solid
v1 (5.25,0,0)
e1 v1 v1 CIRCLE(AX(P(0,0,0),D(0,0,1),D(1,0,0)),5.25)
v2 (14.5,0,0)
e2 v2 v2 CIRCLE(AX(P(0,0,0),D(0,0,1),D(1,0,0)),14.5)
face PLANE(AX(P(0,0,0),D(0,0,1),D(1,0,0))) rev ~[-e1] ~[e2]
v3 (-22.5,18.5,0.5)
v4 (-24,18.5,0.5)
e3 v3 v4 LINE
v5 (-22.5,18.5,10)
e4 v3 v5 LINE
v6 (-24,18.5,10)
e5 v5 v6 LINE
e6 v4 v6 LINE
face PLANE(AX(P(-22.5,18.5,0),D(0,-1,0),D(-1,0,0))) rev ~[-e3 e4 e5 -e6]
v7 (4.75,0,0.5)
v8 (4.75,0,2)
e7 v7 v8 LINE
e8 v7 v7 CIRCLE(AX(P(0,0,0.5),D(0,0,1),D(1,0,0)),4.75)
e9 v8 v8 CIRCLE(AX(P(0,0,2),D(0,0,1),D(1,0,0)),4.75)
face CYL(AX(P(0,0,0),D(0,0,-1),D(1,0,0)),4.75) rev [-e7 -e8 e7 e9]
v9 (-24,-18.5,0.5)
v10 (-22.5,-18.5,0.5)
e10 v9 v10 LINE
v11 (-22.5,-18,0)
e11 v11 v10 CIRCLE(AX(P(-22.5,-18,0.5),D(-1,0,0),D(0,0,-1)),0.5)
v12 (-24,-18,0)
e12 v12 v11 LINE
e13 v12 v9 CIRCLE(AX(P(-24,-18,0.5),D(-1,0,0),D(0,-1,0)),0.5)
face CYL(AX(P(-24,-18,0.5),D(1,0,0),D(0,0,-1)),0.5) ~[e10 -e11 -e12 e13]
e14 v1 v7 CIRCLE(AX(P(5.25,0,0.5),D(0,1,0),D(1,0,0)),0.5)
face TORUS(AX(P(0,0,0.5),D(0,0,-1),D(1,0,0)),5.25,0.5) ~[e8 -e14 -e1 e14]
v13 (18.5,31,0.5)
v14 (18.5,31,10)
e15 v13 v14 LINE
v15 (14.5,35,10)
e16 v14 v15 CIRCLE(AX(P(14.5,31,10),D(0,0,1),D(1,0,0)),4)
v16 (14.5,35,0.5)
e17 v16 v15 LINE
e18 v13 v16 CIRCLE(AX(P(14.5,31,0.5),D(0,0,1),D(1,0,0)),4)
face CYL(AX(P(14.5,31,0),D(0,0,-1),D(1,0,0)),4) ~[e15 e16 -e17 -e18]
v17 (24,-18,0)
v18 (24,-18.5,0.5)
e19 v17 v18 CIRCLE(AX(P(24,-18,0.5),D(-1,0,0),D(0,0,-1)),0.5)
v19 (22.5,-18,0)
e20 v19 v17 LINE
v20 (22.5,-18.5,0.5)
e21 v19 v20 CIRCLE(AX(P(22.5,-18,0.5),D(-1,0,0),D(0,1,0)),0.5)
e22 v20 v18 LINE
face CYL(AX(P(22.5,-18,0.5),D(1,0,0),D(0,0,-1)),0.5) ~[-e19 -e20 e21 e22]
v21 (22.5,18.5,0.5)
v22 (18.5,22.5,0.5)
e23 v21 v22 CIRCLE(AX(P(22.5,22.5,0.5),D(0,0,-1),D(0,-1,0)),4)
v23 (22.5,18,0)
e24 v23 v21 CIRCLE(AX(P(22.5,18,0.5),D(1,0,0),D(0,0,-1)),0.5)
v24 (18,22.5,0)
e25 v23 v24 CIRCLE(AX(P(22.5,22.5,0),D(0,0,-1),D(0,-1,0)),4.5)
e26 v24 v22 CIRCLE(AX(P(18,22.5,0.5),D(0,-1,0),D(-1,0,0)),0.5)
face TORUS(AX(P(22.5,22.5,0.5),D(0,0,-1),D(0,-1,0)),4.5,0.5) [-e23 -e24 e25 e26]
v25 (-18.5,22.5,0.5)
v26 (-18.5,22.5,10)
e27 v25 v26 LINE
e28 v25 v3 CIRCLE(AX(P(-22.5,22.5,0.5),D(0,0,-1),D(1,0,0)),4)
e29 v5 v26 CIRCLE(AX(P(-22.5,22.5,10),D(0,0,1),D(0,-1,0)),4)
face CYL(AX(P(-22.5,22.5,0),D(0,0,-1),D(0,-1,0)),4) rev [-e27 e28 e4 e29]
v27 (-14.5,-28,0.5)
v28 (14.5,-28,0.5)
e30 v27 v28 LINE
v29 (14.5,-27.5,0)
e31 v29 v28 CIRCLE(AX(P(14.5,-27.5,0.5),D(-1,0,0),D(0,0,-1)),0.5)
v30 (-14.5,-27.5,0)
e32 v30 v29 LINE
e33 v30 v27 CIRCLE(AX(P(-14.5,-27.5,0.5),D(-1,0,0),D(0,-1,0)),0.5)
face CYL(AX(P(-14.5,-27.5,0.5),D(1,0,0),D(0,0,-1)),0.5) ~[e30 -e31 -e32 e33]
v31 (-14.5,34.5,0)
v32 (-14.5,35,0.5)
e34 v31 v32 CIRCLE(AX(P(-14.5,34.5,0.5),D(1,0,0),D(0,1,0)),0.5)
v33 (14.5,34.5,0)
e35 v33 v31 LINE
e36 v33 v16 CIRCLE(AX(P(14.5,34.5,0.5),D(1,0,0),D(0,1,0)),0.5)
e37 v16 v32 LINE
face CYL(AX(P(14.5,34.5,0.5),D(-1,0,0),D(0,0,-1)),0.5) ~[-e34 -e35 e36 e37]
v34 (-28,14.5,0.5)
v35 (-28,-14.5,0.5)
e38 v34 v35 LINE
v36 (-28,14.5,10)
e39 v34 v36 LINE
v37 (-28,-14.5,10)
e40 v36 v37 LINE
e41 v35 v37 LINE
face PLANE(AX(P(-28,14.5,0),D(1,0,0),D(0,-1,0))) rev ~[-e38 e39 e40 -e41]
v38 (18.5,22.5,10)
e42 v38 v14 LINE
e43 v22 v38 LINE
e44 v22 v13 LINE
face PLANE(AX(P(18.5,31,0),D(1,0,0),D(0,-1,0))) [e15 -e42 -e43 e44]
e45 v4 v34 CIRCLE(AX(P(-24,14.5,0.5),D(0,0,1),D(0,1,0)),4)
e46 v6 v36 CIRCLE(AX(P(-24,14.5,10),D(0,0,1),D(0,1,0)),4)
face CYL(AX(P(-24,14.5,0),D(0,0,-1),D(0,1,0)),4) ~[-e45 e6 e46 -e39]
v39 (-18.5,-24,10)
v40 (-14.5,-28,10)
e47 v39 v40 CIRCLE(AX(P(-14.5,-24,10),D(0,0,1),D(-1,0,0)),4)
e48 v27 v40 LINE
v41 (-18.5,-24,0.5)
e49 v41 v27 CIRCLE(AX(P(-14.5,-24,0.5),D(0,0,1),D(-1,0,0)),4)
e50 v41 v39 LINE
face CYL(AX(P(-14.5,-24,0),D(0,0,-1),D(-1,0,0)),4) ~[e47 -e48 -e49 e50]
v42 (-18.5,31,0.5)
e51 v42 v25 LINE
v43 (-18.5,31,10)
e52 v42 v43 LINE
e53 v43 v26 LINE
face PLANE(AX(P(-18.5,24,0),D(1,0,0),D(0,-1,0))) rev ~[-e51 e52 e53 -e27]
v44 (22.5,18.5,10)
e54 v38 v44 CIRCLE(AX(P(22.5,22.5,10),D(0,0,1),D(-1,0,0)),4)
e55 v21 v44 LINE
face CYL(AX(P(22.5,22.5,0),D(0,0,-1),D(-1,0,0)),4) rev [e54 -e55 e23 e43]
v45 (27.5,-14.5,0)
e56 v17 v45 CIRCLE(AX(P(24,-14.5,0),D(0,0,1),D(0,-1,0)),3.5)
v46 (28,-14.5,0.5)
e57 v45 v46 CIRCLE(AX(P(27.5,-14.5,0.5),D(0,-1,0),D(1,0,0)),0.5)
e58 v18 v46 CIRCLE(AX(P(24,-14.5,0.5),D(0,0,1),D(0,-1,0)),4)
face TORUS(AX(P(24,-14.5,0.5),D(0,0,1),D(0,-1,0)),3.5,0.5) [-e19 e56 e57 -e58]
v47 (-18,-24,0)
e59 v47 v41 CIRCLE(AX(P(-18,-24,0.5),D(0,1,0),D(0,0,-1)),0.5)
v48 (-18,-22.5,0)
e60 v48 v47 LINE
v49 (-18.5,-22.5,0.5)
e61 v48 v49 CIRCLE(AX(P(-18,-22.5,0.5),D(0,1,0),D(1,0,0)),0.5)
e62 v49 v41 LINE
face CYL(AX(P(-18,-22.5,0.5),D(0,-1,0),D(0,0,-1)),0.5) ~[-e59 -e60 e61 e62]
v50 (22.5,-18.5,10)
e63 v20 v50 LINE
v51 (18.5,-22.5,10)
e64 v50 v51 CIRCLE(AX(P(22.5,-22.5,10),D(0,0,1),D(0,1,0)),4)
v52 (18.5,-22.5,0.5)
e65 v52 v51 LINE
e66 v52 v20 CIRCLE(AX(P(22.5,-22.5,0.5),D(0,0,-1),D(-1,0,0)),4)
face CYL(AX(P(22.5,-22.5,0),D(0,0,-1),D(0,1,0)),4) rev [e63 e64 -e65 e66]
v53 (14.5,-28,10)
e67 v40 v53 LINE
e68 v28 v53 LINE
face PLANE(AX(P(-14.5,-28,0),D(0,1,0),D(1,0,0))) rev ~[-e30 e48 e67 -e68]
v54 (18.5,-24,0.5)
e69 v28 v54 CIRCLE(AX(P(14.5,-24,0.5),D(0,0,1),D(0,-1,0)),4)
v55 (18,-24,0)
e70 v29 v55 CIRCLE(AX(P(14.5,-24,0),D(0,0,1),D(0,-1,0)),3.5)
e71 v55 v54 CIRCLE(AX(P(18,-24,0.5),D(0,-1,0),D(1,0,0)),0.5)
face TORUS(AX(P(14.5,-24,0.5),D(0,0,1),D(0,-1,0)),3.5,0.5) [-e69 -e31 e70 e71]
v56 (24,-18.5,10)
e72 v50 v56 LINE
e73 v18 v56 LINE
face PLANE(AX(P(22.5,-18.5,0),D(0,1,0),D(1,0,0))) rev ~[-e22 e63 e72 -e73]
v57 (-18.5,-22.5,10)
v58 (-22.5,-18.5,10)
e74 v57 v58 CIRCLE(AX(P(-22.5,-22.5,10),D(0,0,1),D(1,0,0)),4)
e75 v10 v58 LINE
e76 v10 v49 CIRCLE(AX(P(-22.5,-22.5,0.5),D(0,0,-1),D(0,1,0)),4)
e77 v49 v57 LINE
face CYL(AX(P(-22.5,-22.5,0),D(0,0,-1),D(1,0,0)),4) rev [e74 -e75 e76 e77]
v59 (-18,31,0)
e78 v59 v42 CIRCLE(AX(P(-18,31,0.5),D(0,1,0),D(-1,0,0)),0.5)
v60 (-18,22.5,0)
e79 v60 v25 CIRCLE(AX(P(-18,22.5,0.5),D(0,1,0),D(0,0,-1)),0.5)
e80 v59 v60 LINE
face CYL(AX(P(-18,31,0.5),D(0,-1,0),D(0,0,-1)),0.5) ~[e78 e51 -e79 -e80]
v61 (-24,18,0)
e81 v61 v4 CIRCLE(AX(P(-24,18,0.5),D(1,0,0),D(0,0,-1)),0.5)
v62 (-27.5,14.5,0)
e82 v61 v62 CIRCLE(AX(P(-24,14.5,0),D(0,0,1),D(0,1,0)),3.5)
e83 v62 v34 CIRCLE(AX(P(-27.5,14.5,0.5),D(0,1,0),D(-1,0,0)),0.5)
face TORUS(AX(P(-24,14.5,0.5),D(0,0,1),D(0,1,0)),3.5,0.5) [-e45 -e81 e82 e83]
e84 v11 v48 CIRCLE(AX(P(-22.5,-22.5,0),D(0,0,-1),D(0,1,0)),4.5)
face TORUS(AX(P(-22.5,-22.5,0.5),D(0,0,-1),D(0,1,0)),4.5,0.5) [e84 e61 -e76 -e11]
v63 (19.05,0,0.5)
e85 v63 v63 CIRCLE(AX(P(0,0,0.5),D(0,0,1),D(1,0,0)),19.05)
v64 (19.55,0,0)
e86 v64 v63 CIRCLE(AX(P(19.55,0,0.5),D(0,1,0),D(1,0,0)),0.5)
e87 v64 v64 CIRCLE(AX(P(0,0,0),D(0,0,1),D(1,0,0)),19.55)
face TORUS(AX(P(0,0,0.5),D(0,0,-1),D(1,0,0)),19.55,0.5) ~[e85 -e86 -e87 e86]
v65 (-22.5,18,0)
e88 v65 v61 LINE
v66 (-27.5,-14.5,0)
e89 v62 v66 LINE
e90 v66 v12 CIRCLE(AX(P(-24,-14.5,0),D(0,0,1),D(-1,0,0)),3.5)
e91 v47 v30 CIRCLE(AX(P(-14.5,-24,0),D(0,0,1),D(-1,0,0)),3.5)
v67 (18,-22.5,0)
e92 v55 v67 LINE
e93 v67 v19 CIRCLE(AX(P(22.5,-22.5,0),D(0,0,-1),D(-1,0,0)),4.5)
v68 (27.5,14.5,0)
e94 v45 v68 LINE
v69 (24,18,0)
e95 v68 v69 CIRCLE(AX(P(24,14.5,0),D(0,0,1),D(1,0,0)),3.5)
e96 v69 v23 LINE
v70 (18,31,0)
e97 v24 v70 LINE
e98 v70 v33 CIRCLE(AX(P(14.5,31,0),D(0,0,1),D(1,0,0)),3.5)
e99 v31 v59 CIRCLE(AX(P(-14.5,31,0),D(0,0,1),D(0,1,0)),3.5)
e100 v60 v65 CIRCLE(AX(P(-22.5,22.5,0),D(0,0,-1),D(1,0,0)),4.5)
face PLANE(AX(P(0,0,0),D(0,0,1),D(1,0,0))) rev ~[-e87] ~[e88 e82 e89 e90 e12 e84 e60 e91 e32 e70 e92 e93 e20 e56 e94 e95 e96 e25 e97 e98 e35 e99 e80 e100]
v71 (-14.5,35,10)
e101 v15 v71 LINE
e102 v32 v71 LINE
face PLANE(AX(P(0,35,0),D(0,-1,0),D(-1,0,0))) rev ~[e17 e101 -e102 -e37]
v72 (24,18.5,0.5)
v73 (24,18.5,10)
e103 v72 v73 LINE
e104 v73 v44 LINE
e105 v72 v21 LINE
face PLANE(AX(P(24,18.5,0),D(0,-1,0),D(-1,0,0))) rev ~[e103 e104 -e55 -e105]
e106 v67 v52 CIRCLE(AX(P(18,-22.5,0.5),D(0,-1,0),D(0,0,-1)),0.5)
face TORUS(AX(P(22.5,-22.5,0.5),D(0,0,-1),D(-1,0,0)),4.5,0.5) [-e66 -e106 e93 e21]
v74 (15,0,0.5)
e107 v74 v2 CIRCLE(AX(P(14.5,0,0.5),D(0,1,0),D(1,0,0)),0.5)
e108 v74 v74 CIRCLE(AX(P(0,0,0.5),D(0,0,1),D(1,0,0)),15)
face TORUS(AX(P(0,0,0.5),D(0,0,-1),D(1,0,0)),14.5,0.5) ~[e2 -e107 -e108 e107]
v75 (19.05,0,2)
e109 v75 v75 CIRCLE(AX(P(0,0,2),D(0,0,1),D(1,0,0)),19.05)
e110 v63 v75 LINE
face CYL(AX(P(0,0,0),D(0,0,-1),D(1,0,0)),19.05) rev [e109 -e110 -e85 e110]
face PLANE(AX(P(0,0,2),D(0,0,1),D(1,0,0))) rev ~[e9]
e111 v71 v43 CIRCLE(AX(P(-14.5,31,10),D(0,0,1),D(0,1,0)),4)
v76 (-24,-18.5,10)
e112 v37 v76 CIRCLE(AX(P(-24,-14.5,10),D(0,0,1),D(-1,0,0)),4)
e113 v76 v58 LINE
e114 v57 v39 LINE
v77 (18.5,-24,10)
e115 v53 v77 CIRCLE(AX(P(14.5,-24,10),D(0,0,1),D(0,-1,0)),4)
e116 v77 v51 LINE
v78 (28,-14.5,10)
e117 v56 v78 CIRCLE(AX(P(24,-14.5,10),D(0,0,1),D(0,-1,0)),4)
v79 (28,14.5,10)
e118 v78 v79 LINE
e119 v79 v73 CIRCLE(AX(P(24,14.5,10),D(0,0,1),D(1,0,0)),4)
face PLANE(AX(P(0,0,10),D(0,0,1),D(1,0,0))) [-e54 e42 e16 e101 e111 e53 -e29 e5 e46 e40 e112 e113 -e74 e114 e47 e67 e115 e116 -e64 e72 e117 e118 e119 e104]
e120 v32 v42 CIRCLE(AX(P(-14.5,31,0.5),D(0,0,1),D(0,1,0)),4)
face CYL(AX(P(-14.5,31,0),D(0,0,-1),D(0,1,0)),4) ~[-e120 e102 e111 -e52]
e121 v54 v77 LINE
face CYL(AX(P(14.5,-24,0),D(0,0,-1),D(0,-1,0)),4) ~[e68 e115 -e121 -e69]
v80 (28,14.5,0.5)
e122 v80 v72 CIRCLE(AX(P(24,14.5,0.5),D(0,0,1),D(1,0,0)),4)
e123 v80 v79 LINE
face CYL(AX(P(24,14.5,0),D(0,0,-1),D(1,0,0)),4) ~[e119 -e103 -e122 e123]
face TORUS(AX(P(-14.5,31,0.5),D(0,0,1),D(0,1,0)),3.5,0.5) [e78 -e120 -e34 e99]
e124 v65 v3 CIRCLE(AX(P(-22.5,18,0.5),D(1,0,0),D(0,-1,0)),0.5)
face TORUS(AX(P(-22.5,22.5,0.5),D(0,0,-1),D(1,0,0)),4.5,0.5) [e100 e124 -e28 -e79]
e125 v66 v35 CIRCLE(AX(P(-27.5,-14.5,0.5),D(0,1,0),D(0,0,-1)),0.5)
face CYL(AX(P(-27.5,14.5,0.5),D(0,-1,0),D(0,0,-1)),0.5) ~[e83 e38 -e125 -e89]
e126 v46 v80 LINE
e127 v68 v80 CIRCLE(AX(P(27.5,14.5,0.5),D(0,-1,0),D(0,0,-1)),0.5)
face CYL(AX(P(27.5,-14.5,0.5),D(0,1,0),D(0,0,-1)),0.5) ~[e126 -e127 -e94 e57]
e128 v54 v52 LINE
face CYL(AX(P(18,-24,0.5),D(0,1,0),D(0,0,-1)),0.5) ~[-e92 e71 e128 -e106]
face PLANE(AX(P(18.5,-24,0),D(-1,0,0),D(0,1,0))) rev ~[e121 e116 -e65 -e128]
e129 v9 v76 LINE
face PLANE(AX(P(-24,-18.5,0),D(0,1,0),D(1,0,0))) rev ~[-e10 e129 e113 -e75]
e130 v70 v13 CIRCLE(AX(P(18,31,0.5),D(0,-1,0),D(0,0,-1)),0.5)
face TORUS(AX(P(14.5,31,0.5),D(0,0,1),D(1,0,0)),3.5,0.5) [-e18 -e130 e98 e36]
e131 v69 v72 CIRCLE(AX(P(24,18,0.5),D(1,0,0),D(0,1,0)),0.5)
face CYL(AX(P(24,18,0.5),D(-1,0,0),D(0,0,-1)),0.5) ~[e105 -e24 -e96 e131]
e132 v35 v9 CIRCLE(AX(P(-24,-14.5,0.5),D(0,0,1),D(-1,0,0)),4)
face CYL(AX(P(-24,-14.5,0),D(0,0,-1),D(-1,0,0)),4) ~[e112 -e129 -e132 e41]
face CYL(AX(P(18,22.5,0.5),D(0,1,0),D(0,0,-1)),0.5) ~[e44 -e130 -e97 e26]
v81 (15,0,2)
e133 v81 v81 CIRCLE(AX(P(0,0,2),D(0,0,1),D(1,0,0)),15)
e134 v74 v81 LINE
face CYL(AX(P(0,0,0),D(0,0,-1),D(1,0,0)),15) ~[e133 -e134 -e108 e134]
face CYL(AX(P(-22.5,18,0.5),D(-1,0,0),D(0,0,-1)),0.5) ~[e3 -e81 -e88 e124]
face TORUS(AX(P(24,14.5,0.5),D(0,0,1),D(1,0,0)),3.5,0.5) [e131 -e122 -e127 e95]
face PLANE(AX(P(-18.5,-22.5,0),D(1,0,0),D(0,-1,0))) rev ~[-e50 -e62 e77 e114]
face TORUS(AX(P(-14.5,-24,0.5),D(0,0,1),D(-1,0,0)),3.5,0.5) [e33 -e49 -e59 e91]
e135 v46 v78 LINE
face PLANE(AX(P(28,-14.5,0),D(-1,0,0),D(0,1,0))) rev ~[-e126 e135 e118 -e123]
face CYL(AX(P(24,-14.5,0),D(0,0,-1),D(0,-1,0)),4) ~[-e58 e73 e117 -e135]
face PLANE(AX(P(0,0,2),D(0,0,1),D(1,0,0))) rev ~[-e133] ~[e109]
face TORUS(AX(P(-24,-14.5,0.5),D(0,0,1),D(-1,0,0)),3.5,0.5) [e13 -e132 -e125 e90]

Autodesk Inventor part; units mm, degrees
ref_plane "YZ Plane" through (0, 0, 0) normal (1, 0, 0) x (0, 1, 0)
ref_plane "XZ Plane" through (0, 0, 0) normal (0, 1, 0) x (-1, 0, 0)
ref_plane "XY Plane" through (0, 0, 0) normal (0, 0, 1) x (1, 0, 0)
sketch "Sketch1" plane through (0, 0, 0) normal (0, 0, 1) x (1, 0, 0)
  arc A0 (-24, 18.5) -> (-28, 14.5) centre (-24, 14.5) ccw
  line L0 (-28, 14.5) -> (-28, -14.5)
  arc A1 (-28, -14.5) -> (-24, -18.5) centre (-24, -14.5) ccw
  line L1 (-24, -18.5) -> (-22.5, -18.5)
  arc A2 (-18.5, -22.5) -> (-22.5, -18.5) centre (-22.5, -22.5) ccw
  line L2 (-18.5, -22.5) -> (-18.5, -24)
  arc A3 (-18.5, -24) -> (-14.5, -28) centre (-14.5, -24) ccw
  line L3 (-14.5, -28) -> (14.5, -28)
  arc A4 (14.5, -28) -> (18.5, -24) centre (14.5, -24) ccw
  line L4 (18.5, -24) -> (18.5, -22.5)
  arc A5 (22.5, -18.5) -> (18.5, -22.5) centre (22.5, -22.5) ccw
  line L5 (22.5, -18.5) -> (24, -18.5)
  arc A6 (24, -18.5) -> (28, -14.5) centre (24, -14.5) ccw
  line L6 (28, -14.5) -> (28, 14.5)
  arc A7 (28, 14.5) -> (24, 18.5) centre (24, 14.5) ccw
  line L7 (24, 18.5) -> (22.5, 18.5)
  arc A8 (18.5, 22.5) -> (22.5, 18.5) centre (22.5, 22.5) ccw
  line L8 (18.5, 22.5) -> (18.5, 24)
  line L9 (-18.5, 24) -> (-18.5, 22.5)
  arc A9 (-22.5, 18.5) -> (-18.5, 22.5) centre (-22.5, 22.5) ccw
  line L10 (-22.5, 18.5) -> (-24, 18.5)
  line L11 (0, 35) -> (-14.5, 35)
  line L12 (-18.5, 31) -> (-18.5, 24)
  line L13 (0, 35) -> (14.5, 35)
  line L14 (18.5, 31) -> (18.5, 24)
  arc A10 (-14.5, 35) -> (-18.5, 31) centre (-14.5, 31) ccw
  arc A11 (18.5, 31) -> (14.5, 35) centre (14.5, 31) ccw
  circle A12 centre (0, 0) radius 4.75
  circle A13 centre (0, 0) radius 15
  circle A14 centre (0, 0) radius 19.05
  circle A15 centre (0, 0) radius 3.15
  dimension "d1" = 4
  dimension "d4" = 9.5
  dimension "d5" = 30
  dimension "d6" = 38.1
  dimension "d7" = 6.3
extrude "Extrusion1" add sketch "Sketch1" along normal blind 10 contours L10 A9 L9 L12 A10 L11 L13 A11 L14 L8 A8 L7 A7 L6 A6 L5 A5 L4 A4 L3 A3 L2 A2 L1 A1 L0 A0 | A12 | A13 | A14 | A15
extrude "Extrusion2" cut sketch "Sketch1" along normal blind 2 contours A12 | A14 | A15
fillet "Fillet1" radius 0.5 27 edges at (-17.3284, 33.8284, 0) (-18.5, 26.75, 0) (-19.6716, 19.6716, 0) (-23.25, 18.5, 0) (-26.8284, 17.3284, 0) (-28, 0, 0) (-26.8284, -17.3284, 0) (-23.25, -18.5, 0) (-19.6716, -19.6716, 0) (-18.5, -23.25, 0) (-17.3284, -26.8284, 0) (0, -28, 0) (17.3284, -26.8284, 0) (18.5, -23.25, 0) (19.6716, -19.6716, 0) (23.25, -18.5, 0) (26.8284, -17.3284, 0) (28, 0, 0) (26.8284, 17.3284, 0) (23.25, 18.5, 0) (19.6716, 19.6716, 0) (18.5, 26.75, 0) (17.3284, 33.8284, 0) (0, 35, 0) (-19.05, 0, 0) (-15, 0, 0) (-4.75, 0, 0)
properties part number "SERVO  KH56KM2U121 C"
